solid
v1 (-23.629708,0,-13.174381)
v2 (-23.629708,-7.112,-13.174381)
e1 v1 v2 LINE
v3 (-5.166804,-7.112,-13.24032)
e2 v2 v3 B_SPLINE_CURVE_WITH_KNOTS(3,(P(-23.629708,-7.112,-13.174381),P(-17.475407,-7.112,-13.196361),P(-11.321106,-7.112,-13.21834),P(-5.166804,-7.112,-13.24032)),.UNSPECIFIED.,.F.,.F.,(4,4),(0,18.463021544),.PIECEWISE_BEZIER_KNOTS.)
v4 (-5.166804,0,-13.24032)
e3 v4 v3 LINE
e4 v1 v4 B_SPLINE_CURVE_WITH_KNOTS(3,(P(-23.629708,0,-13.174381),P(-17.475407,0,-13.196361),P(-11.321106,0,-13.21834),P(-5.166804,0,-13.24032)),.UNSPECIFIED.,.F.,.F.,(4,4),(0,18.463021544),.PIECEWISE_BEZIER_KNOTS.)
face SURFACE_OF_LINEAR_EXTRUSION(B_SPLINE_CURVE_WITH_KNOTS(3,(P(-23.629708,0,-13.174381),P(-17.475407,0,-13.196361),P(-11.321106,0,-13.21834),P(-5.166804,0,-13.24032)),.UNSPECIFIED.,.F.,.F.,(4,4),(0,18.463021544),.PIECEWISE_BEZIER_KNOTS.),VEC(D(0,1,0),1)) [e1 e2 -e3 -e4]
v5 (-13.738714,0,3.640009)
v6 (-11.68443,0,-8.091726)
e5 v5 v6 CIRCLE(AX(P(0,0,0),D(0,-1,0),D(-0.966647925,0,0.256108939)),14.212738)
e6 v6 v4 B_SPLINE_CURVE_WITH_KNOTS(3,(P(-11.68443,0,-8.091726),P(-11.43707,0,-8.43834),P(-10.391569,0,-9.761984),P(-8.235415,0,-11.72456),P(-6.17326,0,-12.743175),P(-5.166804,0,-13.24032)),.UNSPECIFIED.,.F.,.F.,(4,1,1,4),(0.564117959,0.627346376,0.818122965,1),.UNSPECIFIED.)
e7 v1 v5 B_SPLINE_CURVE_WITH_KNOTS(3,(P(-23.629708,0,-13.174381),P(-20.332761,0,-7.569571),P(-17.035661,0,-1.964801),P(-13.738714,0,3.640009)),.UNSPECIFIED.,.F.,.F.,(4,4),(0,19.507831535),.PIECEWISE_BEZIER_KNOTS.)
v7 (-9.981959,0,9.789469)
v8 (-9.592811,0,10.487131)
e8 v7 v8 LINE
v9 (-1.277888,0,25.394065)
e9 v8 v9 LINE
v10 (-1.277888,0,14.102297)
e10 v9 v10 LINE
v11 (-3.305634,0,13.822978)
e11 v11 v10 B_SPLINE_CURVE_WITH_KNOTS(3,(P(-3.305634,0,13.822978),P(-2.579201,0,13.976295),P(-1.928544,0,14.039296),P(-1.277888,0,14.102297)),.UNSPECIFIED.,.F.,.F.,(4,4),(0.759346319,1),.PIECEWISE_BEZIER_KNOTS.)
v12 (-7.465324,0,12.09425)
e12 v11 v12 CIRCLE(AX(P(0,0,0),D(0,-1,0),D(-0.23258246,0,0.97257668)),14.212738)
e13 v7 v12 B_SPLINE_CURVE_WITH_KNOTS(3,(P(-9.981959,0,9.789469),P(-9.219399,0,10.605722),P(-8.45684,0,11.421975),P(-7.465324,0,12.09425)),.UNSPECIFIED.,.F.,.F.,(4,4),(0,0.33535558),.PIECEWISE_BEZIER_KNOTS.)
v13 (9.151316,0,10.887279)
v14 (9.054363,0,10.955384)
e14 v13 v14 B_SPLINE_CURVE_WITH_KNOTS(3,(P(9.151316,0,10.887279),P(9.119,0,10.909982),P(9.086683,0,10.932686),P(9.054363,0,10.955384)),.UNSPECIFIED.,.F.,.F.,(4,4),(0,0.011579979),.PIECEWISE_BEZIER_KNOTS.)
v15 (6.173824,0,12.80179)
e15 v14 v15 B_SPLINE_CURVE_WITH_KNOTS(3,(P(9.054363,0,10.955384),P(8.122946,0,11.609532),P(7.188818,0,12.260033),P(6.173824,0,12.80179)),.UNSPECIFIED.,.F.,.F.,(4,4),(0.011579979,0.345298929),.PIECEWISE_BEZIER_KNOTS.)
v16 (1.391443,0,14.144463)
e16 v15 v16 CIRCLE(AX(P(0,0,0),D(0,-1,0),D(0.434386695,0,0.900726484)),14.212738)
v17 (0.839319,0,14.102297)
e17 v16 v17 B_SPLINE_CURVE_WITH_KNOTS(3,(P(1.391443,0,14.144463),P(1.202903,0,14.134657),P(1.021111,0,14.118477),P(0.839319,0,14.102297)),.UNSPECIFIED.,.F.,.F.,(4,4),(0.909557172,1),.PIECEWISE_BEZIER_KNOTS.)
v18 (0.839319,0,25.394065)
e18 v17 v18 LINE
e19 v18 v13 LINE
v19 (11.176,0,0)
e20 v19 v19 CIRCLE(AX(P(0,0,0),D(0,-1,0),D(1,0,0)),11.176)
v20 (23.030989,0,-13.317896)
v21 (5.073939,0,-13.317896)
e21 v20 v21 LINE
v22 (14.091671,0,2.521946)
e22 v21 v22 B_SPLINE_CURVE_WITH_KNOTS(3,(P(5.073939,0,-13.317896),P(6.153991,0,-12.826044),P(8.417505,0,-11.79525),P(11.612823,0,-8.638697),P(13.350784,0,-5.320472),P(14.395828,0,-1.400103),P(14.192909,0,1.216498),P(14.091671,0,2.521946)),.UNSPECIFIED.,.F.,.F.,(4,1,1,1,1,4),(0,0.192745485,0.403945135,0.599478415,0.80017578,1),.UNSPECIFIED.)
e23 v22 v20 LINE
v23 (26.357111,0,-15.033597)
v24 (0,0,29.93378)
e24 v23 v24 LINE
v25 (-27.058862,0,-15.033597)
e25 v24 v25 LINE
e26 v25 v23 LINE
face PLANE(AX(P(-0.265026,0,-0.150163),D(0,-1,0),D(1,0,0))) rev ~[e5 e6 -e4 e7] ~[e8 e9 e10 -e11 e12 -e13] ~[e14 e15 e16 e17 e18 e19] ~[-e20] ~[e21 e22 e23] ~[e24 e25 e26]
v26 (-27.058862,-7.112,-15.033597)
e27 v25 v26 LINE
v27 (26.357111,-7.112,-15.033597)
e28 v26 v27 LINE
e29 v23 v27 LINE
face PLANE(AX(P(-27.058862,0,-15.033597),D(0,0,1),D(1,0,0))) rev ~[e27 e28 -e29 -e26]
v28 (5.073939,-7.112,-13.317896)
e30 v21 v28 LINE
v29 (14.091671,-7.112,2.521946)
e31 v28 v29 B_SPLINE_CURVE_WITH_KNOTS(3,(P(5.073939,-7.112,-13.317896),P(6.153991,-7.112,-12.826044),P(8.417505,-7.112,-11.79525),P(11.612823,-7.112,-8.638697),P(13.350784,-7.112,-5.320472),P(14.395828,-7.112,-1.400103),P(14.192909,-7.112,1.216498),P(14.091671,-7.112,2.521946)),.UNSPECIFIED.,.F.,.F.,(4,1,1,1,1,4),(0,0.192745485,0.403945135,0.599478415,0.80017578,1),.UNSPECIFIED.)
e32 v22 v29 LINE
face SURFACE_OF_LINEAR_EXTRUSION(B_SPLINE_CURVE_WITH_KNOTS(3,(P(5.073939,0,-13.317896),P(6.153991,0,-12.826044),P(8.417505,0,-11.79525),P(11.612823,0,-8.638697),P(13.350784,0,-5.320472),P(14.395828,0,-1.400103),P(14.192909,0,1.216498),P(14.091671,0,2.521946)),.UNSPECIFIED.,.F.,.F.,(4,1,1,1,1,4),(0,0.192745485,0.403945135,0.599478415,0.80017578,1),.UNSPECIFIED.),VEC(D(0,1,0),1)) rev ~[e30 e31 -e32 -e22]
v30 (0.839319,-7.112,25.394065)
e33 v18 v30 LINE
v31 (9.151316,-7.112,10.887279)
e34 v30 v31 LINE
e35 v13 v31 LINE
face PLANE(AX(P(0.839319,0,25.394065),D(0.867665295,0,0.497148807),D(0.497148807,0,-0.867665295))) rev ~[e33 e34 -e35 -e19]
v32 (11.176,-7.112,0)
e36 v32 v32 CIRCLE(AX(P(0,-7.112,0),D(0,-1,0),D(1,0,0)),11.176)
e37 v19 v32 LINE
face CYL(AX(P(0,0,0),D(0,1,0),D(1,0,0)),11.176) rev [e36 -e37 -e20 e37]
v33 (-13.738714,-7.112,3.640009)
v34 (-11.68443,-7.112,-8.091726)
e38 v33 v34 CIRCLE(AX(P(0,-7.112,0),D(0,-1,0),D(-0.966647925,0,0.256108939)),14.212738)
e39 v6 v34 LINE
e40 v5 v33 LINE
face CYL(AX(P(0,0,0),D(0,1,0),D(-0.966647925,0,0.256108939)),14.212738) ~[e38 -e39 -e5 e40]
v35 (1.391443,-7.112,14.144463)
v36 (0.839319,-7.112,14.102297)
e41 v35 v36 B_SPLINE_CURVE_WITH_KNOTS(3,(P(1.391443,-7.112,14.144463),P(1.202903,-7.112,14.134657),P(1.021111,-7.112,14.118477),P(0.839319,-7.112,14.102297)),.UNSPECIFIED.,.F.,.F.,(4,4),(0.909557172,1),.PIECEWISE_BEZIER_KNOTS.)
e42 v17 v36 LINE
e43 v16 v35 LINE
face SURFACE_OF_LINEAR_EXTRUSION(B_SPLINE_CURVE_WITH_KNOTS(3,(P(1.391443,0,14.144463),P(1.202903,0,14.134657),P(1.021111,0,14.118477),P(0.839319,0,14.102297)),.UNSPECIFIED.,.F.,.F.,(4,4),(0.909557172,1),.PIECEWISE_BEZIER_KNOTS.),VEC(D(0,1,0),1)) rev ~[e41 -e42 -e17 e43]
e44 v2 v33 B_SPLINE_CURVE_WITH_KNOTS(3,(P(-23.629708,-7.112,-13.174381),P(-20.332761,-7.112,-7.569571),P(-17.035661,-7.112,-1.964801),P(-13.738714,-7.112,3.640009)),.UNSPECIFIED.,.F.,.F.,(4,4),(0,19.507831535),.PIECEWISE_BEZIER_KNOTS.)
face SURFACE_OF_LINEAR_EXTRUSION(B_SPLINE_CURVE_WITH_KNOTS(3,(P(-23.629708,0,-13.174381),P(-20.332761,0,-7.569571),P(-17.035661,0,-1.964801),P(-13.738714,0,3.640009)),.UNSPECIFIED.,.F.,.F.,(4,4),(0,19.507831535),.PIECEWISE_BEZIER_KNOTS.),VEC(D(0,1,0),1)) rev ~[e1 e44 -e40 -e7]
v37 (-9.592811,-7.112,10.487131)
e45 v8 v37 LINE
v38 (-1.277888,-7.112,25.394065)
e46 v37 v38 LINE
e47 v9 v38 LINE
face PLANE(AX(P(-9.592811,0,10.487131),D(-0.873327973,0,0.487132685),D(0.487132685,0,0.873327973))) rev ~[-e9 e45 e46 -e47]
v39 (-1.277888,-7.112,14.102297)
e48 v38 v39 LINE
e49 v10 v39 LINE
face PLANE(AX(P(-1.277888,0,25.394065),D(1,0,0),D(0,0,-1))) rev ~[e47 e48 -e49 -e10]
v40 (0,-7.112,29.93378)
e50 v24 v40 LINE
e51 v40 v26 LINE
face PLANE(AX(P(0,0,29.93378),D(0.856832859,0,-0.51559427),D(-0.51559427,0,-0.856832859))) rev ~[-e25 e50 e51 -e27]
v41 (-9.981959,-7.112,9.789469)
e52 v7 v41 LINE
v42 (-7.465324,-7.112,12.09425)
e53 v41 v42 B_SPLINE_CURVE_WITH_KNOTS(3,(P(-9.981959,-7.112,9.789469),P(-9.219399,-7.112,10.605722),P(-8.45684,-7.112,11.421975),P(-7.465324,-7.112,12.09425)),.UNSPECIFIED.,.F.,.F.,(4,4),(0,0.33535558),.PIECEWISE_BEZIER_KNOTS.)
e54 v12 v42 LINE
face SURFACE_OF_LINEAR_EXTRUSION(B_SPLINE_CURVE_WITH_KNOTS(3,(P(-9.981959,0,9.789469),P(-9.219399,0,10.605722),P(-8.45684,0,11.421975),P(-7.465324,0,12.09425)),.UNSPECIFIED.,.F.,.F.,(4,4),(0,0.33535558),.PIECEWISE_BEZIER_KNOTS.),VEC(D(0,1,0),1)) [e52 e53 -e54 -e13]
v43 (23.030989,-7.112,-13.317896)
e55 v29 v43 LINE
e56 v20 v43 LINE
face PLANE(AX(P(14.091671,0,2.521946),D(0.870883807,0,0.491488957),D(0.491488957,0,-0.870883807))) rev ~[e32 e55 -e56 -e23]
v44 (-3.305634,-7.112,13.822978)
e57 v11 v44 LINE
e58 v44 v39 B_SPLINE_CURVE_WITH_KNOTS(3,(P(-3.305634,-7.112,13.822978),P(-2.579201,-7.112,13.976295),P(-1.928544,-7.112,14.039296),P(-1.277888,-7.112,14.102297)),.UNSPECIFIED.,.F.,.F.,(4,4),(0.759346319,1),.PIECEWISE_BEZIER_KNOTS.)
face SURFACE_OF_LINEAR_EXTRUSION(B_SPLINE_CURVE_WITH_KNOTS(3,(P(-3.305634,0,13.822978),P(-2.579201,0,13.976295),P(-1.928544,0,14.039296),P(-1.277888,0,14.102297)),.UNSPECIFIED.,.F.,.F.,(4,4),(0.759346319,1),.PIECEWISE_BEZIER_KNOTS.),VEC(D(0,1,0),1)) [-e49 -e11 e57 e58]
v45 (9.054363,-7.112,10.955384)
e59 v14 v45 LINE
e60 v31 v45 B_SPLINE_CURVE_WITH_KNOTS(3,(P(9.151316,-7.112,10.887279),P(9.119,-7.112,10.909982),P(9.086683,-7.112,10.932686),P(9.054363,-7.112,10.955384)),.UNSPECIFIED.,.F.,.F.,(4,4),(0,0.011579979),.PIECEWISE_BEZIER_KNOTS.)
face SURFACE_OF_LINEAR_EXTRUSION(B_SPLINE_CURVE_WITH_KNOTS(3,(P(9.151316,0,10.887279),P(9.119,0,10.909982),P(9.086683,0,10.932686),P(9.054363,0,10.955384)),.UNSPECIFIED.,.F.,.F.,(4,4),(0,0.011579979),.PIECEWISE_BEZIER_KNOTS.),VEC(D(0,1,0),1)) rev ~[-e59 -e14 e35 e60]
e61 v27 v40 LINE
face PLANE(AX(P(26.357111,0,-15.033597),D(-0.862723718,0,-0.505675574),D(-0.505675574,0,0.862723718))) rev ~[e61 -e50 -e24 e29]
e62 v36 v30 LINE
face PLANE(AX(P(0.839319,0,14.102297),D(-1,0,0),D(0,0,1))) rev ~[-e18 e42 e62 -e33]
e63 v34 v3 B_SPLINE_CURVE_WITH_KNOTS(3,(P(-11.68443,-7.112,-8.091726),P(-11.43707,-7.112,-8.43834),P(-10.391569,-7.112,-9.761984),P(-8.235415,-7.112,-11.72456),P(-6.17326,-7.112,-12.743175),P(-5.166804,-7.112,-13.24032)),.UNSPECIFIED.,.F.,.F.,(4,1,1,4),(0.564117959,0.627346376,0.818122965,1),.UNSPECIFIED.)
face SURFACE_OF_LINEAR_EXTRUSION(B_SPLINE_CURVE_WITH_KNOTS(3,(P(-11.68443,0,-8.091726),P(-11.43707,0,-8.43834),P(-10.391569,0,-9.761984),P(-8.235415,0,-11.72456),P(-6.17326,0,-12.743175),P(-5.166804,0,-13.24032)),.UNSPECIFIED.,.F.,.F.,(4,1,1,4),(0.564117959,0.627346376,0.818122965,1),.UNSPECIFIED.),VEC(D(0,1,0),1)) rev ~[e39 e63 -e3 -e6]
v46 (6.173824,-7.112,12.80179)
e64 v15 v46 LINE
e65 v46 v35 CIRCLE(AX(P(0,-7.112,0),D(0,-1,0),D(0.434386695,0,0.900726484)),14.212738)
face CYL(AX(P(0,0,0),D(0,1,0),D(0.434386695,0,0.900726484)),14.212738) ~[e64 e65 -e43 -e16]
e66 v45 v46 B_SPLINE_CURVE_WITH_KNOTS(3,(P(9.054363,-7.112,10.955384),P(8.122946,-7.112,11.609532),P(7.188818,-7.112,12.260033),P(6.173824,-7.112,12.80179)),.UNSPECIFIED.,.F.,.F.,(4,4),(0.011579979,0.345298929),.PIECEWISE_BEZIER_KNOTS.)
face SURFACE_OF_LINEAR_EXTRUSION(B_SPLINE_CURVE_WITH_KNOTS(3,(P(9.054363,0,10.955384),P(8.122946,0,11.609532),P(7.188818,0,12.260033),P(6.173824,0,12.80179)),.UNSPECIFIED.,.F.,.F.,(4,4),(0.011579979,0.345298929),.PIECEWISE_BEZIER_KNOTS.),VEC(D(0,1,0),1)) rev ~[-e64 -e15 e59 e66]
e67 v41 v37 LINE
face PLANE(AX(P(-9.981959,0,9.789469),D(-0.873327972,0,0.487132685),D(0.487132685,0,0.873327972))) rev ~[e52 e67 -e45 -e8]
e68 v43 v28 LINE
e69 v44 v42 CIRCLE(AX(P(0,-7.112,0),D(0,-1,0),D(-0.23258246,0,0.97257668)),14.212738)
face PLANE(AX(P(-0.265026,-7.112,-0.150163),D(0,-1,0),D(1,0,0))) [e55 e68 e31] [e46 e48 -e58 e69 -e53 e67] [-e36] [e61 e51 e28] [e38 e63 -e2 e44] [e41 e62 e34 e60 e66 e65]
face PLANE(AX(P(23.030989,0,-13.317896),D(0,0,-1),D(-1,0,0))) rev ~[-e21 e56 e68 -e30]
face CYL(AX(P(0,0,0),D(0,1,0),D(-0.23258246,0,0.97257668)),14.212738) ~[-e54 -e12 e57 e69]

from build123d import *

# Parameters (mm, degrees)
F0_R     = 11.176
F1_DEPTH = 7.112


with BuildPart() as f1:
    # F0 (on Front) → F1 (new body)
    with BuildSketch(Plane.XZ):
        Polygon((26.3571105897, -15.0335971266), (0, 29.9337804317), (-27.0588621497, -15.0335971266), align=None)
        with BuildLine():
            add(Edge.make_bspline(
                [(-23.6297082156, -13.1743811071), (-17.4754069497, -13.1963606303), (-11.3211056838, -13.2183401535), (-5.166804418, -13.2403196767)],
                knots=[0, 0, 0, 0, 18.463021544, 18.463021544, 18.463021544, 18.463021544], degree=3))
            add(Edge.make_bspline(
                [(-23.6297082156, -13.1743811071), (-20.3327611089, -7.5695707928), (-17.0356612007, -1.9648009626), (-13.7387140939, 3.6400093516)],
                knots=[0, 0, 0, 0, 19.5078315354, 19.5078315354, 19.5078315354, 19.5078315354], degree=3))
            ThreePointArc((-13.7387140939, 3.6400093516), (-13.9997309454, -2.4514213205), (-11.6844298654, -8.0917261296))
            add(Edge.make_bspline(
                [(-11.6844298654, -8.0917261296), (-11.4370696812, -8.4383400407), (-10.3915688024, -9.7619842659), (-8.2354147333, -11.7245598175), (-6.1732595153, -12.7431748113), (-5.166804418, -13.2403196767)],
                knots=[0.5641179589, 0.5641179589, 0.5641179589, 0.5641179589, 0.6273463757, 0.818122965, 1, 1, 1, 1], degree=3))
        make_face(mode=Mode.SUBTRACT)
        with BuildLine():
            Line((14.0916705132, 2.5219463278), (23.0309888721, -13.3178960532))
            Line((23.0309888721, -13.3178960532), (5.0739385188, -13.3178960532))
            add(Edge.make_bspline(
                [(5.0739385188, -13.3178960532), (6.1539912069, -12.8260444954), (8.4175048226, -11.7952496921), (11.6128229175, -8.6386974166), (13.3507841899, -5.320472386), (14.3958280316, -1.400103053), (14.1929088966, 1.2164979495), (14.0916705132, 2.5219463278)],
                knots=[0, 0, 0, 0, 0.1927454845, 0.4039451347, 0.5994784149, 0.8001757803, 1, 1, 1, 1], degree=3))
        make_face(mode=Mode.SUBTRACT)
        Circle(F0_R, mode=Mode.SUBTRACT)
        with BuildLine():
            Line((-9.5928109895, 10.4871307017), (-1.2778877281, 25.3940653056))
            Line((-1.2778877281, 25.3940653056), (-1.2778877281, 14.1551734708))
            Line((-1.2778877281, 14.1551734708), (-1.2778877281, 14.1022969037))
            add(Edge.make_bspline(
                [(-3.3056336643, 13.8229779394), (-2.5792008282, 13.9762947183), (-1.9285442781, 14.039295811), (-1.2778877281, 14.1022969037)],
                knots=[0.759346319, 0.759346319, 0.759346319, 0.759346319, 1, 1, 1, 1], degree=3))
            ThreePointArc((-3.3056336643, 13.8229779394), (-5.4544025795, 13.1244590569), (-7.4653239546, 12.0942495132))
            add(Edge.make_bspline(
                [(-9.9819591269, 9.7894687206), (-9.2193993841, 10.6057220246), (-8.4568396412, 11.4219753287), (-7.4653239546, 12.0942495132)],
                knots=[0, 0, 0, 0, 0.3353555796, 0.3353555796, 0.3353555796, 0.3353555796], degree=3))
            Line((-9.9819591269, 9.7894687206), (-9.5928109895, 10.4871307017))
        make_face(mode=Mode.SUBTRACT)
        with BuildLine():
            Line((0.8393191383, 14.1022969037), (0.8393191383, 14.1879341843))
            Line((0.8393191383, 14.1879341843), (0.8393191383, 25.3940653056))
            Line((0.8393191383, 25.3940653056), (9.1513162479, 10.8872791752))
            add(Edge.make_bspline(
                [(9.1513162479, 10.8872791752), (9.1189995521, 10.9099823538), (9.0866828563, 10.9326855324), (9.0543628951, 10.95538432)],
                knots=[0, 0, 0, 0, 0.0115799792, 0.0115799792, 0.0115799792, 0.0115799792], degree=3))
            add(Edge.make_bspline(
                [(9.0543628951, 10.95538432), (8.1229464137, 11.609531914), (7.1888180294, 12.2600326739), (6.1738244637, 12.8017898954)],
                knots=[0.0115799792, 0.0115799792, 0.0115799792, 0.0115799792, 0.345298929, 0.345298929, 0.345298929, 0.345298929], degree=3))
            ThreePointArc((6.1738244637, 12.8017898954), (3.8417456475, 13.6836736082), (1.3914427955, 14.1444625201))
            add(Edge.make_bspline(
                [(1.3914427955, 14.1444625201), (1.2029025965, 14.1346571818), (1.0211108674, 14.1184770427), (0.8393191383, 14.1022969037)],
                knots=[0.9095571723, 0.9095571723, 0.9095571723, 0.9095571723, 1, 1, 1, 1], degree=3))
        make_face(mode=Mode.SUBTRACT)
    extrude(amount=F1_DEPTH)


solid = f1.part
